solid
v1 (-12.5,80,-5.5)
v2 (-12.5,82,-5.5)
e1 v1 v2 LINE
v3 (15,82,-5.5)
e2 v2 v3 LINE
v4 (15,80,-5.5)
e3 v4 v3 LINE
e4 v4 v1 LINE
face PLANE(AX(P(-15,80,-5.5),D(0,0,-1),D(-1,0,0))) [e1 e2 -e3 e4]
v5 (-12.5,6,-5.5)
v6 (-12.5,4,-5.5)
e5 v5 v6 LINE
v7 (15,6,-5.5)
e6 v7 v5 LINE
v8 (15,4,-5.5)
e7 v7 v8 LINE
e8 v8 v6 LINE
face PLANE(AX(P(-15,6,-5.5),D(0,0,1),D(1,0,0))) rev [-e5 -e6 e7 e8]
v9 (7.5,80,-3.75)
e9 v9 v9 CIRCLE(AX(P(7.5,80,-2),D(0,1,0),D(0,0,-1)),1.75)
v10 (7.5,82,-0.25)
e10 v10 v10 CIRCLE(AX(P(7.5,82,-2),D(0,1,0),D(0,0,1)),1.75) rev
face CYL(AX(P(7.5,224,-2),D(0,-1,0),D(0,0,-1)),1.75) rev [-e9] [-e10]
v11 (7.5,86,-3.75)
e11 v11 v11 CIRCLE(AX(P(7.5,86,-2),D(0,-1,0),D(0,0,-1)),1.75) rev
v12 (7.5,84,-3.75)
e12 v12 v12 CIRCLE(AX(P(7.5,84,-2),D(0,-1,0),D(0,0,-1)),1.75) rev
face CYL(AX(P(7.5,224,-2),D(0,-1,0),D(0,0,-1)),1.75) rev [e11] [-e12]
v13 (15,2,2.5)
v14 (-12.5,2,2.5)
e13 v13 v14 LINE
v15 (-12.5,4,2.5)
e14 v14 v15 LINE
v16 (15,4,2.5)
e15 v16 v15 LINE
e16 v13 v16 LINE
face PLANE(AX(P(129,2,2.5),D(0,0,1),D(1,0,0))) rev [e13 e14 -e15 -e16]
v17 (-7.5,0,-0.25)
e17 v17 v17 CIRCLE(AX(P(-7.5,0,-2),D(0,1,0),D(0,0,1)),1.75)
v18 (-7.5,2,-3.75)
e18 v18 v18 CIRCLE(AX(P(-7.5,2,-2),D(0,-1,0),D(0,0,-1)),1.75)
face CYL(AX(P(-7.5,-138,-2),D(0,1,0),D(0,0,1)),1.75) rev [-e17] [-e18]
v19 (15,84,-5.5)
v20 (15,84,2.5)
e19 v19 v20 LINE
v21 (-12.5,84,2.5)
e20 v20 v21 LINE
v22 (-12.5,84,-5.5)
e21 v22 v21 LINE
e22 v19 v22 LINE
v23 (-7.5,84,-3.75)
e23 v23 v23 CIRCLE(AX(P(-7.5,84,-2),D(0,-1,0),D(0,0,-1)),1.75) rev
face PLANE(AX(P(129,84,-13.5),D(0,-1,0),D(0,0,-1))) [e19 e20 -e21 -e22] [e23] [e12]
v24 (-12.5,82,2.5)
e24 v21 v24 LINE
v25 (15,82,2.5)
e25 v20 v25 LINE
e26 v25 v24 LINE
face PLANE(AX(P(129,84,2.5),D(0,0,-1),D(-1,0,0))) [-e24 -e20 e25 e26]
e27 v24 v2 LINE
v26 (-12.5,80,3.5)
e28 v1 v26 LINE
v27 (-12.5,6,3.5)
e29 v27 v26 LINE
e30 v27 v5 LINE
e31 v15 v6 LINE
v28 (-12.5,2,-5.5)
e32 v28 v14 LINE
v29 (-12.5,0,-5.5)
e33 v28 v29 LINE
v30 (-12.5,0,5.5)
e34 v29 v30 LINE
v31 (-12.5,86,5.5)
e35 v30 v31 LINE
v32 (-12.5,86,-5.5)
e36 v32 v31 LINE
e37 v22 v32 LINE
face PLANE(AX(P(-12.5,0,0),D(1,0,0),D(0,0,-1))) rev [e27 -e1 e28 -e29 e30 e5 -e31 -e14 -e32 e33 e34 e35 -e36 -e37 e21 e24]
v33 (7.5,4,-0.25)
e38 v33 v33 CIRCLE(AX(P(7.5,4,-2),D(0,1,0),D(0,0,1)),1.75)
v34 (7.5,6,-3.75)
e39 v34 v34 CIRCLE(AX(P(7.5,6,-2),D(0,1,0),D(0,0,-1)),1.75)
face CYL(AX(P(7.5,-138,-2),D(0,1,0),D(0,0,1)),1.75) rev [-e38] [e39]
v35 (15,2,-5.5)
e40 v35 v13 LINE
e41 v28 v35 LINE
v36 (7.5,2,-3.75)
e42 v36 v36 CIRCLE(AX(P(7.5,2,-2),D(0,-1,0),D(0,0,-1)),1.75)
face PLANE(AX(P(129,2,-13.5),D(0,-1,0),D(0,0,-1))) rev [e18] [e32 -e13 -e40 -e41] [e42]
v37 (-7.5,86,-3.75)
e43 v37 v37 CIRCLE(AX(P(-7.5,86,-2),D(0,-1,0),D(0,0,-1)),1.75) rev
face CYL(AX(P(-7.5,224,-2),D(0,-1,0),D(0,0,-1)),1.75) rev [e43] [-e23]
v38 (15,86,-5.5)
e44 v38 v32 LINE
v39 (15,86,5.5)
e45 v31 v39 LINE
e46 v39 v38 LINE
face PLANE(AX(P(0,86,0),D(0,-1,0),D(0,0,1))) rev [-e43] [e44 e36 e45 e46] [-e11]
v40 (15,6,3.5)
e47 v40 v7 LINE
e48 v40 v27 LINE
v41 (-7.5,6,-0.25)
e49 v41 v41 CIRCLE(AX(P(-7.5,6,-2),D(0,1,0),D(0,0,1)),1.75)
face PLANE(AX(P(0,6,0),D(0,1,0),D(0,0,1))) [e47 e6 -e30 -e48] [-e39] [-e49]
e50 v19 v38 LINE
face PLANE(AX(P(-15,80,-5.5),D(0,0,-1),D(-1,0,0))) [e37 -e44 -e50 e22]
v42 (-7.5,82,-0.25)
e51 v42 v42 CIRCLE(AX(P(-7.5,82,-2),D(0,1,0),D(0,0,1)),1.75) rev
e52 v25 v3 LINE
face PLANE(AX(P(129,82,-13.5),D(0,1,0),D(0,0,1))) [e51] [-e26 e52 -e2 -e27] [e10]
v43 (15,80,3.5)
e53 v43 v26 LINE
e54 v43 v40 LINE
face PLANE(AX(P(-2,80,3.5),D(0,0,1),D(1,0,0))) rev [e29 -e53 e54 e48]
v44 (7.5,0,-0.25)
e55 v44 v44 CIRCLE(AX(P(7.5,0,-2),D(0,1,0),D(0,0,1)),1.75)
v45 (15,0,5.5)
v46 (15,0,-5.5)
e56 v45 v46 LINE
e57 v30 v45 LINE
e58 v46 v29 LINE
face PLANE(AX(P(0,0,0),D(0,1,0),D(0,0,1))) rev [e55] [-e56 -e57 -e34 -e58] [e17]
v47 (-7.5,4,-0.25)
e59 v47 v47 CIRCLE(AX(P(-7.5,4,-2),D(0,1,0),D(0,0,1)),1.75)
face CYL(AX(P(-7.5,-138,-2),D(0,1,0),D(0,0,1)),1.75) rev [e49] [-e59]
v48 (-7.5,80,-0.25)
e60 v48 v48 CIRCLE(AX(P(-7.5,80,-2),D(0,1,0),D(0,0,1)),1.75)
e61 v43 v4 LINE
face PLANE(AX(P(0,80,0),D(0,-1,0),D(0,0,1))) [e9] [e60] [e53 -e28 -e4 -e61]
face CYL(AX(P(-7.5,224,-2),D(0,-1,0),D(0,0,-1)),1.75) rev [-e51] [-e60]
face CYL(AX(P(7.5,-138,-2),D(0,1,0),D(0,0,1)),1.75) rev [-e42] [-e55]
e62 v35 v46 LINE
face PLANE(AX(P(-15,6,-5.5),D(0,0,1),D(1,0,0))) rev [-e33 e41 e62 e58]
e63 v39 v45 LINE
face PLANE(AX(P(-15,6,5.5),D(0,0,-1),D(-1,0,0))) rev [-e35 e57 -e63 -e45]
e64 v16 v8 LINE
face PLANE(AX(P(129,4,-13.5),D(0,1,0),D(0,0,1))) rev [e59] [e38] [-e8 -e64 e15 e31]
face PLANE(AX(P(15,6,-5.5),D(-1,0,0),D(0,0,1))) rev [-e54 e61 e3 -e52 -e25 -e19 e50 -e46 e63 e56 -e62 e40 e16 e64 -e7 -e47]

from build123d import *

# Parameters (mm, degrees)
SKETCH_1_W          = 30
SKETCH_1_H          = 11
EXTRUDE_1_DEPTH     = 6
SKETCH_2_W          = 16
SKETCH_2_H          = 2
CUT_EXTRUDE_1_DEPTH = 144
EXTRUDE_2_DEPTH     = 74
SKETCH_4_R          = 1.75
CUT_EXTRUDE_2_DEPTH = 144
SKETCH_5_W          = 11
SKETCH_5_H          = 80
CUT_EXTRUDE_3_DEPTH = 2.5
SKETCH_7_W          = 4
SKETCH_7_H          = 9
CUT_EXTRUDE_4_DEPTH = 74


with BuildPart() as part:
    # 草图1 → 凸台-拉伸1 (new body)
    with BuildSketch(Plane(origin=(0, 0, 0), x_dir=(1, 0, 0), z_dir=(0, 1, 0))):
        Rectangle(SKETCH_1_W, SKETCH_1_H)
    extrude_1 = extrude(amount=EXTRUDE_1_DEPTH)

    # 草图2 → 切除-拉伸1 (cut)
    with BuildSketch(Plane.ZY.offset(15)):
        with Locations((-5.5, 3)):
            Rectangle(SKETCH_2_W, SKETCH_2_H)
    cut_extrude_1 = extrude(amount=-CUT_EXTRUDE_1_DEPTH, mode=Mode.SUBTRACT)

    # 草图3 → 凸台-拉伸2 (add)
    with BuildSketch(Plane(origin=(0, 6, 0), x_dir=(1, 0, 0), z_dir=(0, 1, 0))):
        Polygon((2, 5.5), (-2, 5.5), (-2, -3.5), (-15, -3.5), (-15, -5.5), (15, -5.5), (15, -3.5), (2, -3.5), align=None)
    extrude(amount=EXTRUDE_2_DEPTH)

    # 草图4 → 切除-拉伸2 (cut)
    with BuildSketch(Plane(origin=(0, 6, 0), x_dir=(1, 0, 0), z_dir=(0, 1, 0))):
        with Locations(Location((-7.5, 2, 0), (0, 0, 270))):
            Circle(SKETCH_4_R)
        with Locations(Location((7.5, 2, 0), (0, 0, 270))):
            Circle(SKETCH_4_R)
    cut_extrude_2 = extrude(amount=-CUT_EXTRUDE_2_DEPTH, mode=Mode.SUBTRACT)

    # 草图5 → 切除-拉伸3 (cut)
    with BuildSketch(Plane.ZY.offset(15)):
        with Locations((0, 40)):
            Rectangle(SKETCH_5_W, SKETCH_5_H)
    cut_extrude_3 = extrude(amount=-CUT_EXTRUDE_3_DEPTH, mode=Mode.SUBTRACT)

    # 草图7 → 切除-拉伸4 (cut)
    with BuildSketch(Plane(origin=(0, 80, 0), x_dir=(1, 0, 0), z_dir=(0, 1, 0))):
        with Locations((0, 1)):
            Rectangle(SKETCH_7_W, SKETCH_7_H)
    extrude(amount=-CUT_EXTRUDE_4_DEPTH, mode=Mode.SUBTRACT)

    # 镜向1: 凸台-拉伸1, 切除-拉伸1, 切除-拉伸2, 切除-拉伸3 across plane
    add(extrude_1.mirror(Plane.ZX.offset(43)))
    add(cut_extrude_1.mirror(Plane.ZX.offset(43)), mode=Mode.SUBTRACT)
    add(cut_extrude_2.mirror(Plane.ZX.offset(43)), mode=Mode.SUBTRACT)
    add(cut_extrude_3.mirror(Plane.ZX.offset(43)), mode=Mode.SUBTRACT)


solid = part.part
